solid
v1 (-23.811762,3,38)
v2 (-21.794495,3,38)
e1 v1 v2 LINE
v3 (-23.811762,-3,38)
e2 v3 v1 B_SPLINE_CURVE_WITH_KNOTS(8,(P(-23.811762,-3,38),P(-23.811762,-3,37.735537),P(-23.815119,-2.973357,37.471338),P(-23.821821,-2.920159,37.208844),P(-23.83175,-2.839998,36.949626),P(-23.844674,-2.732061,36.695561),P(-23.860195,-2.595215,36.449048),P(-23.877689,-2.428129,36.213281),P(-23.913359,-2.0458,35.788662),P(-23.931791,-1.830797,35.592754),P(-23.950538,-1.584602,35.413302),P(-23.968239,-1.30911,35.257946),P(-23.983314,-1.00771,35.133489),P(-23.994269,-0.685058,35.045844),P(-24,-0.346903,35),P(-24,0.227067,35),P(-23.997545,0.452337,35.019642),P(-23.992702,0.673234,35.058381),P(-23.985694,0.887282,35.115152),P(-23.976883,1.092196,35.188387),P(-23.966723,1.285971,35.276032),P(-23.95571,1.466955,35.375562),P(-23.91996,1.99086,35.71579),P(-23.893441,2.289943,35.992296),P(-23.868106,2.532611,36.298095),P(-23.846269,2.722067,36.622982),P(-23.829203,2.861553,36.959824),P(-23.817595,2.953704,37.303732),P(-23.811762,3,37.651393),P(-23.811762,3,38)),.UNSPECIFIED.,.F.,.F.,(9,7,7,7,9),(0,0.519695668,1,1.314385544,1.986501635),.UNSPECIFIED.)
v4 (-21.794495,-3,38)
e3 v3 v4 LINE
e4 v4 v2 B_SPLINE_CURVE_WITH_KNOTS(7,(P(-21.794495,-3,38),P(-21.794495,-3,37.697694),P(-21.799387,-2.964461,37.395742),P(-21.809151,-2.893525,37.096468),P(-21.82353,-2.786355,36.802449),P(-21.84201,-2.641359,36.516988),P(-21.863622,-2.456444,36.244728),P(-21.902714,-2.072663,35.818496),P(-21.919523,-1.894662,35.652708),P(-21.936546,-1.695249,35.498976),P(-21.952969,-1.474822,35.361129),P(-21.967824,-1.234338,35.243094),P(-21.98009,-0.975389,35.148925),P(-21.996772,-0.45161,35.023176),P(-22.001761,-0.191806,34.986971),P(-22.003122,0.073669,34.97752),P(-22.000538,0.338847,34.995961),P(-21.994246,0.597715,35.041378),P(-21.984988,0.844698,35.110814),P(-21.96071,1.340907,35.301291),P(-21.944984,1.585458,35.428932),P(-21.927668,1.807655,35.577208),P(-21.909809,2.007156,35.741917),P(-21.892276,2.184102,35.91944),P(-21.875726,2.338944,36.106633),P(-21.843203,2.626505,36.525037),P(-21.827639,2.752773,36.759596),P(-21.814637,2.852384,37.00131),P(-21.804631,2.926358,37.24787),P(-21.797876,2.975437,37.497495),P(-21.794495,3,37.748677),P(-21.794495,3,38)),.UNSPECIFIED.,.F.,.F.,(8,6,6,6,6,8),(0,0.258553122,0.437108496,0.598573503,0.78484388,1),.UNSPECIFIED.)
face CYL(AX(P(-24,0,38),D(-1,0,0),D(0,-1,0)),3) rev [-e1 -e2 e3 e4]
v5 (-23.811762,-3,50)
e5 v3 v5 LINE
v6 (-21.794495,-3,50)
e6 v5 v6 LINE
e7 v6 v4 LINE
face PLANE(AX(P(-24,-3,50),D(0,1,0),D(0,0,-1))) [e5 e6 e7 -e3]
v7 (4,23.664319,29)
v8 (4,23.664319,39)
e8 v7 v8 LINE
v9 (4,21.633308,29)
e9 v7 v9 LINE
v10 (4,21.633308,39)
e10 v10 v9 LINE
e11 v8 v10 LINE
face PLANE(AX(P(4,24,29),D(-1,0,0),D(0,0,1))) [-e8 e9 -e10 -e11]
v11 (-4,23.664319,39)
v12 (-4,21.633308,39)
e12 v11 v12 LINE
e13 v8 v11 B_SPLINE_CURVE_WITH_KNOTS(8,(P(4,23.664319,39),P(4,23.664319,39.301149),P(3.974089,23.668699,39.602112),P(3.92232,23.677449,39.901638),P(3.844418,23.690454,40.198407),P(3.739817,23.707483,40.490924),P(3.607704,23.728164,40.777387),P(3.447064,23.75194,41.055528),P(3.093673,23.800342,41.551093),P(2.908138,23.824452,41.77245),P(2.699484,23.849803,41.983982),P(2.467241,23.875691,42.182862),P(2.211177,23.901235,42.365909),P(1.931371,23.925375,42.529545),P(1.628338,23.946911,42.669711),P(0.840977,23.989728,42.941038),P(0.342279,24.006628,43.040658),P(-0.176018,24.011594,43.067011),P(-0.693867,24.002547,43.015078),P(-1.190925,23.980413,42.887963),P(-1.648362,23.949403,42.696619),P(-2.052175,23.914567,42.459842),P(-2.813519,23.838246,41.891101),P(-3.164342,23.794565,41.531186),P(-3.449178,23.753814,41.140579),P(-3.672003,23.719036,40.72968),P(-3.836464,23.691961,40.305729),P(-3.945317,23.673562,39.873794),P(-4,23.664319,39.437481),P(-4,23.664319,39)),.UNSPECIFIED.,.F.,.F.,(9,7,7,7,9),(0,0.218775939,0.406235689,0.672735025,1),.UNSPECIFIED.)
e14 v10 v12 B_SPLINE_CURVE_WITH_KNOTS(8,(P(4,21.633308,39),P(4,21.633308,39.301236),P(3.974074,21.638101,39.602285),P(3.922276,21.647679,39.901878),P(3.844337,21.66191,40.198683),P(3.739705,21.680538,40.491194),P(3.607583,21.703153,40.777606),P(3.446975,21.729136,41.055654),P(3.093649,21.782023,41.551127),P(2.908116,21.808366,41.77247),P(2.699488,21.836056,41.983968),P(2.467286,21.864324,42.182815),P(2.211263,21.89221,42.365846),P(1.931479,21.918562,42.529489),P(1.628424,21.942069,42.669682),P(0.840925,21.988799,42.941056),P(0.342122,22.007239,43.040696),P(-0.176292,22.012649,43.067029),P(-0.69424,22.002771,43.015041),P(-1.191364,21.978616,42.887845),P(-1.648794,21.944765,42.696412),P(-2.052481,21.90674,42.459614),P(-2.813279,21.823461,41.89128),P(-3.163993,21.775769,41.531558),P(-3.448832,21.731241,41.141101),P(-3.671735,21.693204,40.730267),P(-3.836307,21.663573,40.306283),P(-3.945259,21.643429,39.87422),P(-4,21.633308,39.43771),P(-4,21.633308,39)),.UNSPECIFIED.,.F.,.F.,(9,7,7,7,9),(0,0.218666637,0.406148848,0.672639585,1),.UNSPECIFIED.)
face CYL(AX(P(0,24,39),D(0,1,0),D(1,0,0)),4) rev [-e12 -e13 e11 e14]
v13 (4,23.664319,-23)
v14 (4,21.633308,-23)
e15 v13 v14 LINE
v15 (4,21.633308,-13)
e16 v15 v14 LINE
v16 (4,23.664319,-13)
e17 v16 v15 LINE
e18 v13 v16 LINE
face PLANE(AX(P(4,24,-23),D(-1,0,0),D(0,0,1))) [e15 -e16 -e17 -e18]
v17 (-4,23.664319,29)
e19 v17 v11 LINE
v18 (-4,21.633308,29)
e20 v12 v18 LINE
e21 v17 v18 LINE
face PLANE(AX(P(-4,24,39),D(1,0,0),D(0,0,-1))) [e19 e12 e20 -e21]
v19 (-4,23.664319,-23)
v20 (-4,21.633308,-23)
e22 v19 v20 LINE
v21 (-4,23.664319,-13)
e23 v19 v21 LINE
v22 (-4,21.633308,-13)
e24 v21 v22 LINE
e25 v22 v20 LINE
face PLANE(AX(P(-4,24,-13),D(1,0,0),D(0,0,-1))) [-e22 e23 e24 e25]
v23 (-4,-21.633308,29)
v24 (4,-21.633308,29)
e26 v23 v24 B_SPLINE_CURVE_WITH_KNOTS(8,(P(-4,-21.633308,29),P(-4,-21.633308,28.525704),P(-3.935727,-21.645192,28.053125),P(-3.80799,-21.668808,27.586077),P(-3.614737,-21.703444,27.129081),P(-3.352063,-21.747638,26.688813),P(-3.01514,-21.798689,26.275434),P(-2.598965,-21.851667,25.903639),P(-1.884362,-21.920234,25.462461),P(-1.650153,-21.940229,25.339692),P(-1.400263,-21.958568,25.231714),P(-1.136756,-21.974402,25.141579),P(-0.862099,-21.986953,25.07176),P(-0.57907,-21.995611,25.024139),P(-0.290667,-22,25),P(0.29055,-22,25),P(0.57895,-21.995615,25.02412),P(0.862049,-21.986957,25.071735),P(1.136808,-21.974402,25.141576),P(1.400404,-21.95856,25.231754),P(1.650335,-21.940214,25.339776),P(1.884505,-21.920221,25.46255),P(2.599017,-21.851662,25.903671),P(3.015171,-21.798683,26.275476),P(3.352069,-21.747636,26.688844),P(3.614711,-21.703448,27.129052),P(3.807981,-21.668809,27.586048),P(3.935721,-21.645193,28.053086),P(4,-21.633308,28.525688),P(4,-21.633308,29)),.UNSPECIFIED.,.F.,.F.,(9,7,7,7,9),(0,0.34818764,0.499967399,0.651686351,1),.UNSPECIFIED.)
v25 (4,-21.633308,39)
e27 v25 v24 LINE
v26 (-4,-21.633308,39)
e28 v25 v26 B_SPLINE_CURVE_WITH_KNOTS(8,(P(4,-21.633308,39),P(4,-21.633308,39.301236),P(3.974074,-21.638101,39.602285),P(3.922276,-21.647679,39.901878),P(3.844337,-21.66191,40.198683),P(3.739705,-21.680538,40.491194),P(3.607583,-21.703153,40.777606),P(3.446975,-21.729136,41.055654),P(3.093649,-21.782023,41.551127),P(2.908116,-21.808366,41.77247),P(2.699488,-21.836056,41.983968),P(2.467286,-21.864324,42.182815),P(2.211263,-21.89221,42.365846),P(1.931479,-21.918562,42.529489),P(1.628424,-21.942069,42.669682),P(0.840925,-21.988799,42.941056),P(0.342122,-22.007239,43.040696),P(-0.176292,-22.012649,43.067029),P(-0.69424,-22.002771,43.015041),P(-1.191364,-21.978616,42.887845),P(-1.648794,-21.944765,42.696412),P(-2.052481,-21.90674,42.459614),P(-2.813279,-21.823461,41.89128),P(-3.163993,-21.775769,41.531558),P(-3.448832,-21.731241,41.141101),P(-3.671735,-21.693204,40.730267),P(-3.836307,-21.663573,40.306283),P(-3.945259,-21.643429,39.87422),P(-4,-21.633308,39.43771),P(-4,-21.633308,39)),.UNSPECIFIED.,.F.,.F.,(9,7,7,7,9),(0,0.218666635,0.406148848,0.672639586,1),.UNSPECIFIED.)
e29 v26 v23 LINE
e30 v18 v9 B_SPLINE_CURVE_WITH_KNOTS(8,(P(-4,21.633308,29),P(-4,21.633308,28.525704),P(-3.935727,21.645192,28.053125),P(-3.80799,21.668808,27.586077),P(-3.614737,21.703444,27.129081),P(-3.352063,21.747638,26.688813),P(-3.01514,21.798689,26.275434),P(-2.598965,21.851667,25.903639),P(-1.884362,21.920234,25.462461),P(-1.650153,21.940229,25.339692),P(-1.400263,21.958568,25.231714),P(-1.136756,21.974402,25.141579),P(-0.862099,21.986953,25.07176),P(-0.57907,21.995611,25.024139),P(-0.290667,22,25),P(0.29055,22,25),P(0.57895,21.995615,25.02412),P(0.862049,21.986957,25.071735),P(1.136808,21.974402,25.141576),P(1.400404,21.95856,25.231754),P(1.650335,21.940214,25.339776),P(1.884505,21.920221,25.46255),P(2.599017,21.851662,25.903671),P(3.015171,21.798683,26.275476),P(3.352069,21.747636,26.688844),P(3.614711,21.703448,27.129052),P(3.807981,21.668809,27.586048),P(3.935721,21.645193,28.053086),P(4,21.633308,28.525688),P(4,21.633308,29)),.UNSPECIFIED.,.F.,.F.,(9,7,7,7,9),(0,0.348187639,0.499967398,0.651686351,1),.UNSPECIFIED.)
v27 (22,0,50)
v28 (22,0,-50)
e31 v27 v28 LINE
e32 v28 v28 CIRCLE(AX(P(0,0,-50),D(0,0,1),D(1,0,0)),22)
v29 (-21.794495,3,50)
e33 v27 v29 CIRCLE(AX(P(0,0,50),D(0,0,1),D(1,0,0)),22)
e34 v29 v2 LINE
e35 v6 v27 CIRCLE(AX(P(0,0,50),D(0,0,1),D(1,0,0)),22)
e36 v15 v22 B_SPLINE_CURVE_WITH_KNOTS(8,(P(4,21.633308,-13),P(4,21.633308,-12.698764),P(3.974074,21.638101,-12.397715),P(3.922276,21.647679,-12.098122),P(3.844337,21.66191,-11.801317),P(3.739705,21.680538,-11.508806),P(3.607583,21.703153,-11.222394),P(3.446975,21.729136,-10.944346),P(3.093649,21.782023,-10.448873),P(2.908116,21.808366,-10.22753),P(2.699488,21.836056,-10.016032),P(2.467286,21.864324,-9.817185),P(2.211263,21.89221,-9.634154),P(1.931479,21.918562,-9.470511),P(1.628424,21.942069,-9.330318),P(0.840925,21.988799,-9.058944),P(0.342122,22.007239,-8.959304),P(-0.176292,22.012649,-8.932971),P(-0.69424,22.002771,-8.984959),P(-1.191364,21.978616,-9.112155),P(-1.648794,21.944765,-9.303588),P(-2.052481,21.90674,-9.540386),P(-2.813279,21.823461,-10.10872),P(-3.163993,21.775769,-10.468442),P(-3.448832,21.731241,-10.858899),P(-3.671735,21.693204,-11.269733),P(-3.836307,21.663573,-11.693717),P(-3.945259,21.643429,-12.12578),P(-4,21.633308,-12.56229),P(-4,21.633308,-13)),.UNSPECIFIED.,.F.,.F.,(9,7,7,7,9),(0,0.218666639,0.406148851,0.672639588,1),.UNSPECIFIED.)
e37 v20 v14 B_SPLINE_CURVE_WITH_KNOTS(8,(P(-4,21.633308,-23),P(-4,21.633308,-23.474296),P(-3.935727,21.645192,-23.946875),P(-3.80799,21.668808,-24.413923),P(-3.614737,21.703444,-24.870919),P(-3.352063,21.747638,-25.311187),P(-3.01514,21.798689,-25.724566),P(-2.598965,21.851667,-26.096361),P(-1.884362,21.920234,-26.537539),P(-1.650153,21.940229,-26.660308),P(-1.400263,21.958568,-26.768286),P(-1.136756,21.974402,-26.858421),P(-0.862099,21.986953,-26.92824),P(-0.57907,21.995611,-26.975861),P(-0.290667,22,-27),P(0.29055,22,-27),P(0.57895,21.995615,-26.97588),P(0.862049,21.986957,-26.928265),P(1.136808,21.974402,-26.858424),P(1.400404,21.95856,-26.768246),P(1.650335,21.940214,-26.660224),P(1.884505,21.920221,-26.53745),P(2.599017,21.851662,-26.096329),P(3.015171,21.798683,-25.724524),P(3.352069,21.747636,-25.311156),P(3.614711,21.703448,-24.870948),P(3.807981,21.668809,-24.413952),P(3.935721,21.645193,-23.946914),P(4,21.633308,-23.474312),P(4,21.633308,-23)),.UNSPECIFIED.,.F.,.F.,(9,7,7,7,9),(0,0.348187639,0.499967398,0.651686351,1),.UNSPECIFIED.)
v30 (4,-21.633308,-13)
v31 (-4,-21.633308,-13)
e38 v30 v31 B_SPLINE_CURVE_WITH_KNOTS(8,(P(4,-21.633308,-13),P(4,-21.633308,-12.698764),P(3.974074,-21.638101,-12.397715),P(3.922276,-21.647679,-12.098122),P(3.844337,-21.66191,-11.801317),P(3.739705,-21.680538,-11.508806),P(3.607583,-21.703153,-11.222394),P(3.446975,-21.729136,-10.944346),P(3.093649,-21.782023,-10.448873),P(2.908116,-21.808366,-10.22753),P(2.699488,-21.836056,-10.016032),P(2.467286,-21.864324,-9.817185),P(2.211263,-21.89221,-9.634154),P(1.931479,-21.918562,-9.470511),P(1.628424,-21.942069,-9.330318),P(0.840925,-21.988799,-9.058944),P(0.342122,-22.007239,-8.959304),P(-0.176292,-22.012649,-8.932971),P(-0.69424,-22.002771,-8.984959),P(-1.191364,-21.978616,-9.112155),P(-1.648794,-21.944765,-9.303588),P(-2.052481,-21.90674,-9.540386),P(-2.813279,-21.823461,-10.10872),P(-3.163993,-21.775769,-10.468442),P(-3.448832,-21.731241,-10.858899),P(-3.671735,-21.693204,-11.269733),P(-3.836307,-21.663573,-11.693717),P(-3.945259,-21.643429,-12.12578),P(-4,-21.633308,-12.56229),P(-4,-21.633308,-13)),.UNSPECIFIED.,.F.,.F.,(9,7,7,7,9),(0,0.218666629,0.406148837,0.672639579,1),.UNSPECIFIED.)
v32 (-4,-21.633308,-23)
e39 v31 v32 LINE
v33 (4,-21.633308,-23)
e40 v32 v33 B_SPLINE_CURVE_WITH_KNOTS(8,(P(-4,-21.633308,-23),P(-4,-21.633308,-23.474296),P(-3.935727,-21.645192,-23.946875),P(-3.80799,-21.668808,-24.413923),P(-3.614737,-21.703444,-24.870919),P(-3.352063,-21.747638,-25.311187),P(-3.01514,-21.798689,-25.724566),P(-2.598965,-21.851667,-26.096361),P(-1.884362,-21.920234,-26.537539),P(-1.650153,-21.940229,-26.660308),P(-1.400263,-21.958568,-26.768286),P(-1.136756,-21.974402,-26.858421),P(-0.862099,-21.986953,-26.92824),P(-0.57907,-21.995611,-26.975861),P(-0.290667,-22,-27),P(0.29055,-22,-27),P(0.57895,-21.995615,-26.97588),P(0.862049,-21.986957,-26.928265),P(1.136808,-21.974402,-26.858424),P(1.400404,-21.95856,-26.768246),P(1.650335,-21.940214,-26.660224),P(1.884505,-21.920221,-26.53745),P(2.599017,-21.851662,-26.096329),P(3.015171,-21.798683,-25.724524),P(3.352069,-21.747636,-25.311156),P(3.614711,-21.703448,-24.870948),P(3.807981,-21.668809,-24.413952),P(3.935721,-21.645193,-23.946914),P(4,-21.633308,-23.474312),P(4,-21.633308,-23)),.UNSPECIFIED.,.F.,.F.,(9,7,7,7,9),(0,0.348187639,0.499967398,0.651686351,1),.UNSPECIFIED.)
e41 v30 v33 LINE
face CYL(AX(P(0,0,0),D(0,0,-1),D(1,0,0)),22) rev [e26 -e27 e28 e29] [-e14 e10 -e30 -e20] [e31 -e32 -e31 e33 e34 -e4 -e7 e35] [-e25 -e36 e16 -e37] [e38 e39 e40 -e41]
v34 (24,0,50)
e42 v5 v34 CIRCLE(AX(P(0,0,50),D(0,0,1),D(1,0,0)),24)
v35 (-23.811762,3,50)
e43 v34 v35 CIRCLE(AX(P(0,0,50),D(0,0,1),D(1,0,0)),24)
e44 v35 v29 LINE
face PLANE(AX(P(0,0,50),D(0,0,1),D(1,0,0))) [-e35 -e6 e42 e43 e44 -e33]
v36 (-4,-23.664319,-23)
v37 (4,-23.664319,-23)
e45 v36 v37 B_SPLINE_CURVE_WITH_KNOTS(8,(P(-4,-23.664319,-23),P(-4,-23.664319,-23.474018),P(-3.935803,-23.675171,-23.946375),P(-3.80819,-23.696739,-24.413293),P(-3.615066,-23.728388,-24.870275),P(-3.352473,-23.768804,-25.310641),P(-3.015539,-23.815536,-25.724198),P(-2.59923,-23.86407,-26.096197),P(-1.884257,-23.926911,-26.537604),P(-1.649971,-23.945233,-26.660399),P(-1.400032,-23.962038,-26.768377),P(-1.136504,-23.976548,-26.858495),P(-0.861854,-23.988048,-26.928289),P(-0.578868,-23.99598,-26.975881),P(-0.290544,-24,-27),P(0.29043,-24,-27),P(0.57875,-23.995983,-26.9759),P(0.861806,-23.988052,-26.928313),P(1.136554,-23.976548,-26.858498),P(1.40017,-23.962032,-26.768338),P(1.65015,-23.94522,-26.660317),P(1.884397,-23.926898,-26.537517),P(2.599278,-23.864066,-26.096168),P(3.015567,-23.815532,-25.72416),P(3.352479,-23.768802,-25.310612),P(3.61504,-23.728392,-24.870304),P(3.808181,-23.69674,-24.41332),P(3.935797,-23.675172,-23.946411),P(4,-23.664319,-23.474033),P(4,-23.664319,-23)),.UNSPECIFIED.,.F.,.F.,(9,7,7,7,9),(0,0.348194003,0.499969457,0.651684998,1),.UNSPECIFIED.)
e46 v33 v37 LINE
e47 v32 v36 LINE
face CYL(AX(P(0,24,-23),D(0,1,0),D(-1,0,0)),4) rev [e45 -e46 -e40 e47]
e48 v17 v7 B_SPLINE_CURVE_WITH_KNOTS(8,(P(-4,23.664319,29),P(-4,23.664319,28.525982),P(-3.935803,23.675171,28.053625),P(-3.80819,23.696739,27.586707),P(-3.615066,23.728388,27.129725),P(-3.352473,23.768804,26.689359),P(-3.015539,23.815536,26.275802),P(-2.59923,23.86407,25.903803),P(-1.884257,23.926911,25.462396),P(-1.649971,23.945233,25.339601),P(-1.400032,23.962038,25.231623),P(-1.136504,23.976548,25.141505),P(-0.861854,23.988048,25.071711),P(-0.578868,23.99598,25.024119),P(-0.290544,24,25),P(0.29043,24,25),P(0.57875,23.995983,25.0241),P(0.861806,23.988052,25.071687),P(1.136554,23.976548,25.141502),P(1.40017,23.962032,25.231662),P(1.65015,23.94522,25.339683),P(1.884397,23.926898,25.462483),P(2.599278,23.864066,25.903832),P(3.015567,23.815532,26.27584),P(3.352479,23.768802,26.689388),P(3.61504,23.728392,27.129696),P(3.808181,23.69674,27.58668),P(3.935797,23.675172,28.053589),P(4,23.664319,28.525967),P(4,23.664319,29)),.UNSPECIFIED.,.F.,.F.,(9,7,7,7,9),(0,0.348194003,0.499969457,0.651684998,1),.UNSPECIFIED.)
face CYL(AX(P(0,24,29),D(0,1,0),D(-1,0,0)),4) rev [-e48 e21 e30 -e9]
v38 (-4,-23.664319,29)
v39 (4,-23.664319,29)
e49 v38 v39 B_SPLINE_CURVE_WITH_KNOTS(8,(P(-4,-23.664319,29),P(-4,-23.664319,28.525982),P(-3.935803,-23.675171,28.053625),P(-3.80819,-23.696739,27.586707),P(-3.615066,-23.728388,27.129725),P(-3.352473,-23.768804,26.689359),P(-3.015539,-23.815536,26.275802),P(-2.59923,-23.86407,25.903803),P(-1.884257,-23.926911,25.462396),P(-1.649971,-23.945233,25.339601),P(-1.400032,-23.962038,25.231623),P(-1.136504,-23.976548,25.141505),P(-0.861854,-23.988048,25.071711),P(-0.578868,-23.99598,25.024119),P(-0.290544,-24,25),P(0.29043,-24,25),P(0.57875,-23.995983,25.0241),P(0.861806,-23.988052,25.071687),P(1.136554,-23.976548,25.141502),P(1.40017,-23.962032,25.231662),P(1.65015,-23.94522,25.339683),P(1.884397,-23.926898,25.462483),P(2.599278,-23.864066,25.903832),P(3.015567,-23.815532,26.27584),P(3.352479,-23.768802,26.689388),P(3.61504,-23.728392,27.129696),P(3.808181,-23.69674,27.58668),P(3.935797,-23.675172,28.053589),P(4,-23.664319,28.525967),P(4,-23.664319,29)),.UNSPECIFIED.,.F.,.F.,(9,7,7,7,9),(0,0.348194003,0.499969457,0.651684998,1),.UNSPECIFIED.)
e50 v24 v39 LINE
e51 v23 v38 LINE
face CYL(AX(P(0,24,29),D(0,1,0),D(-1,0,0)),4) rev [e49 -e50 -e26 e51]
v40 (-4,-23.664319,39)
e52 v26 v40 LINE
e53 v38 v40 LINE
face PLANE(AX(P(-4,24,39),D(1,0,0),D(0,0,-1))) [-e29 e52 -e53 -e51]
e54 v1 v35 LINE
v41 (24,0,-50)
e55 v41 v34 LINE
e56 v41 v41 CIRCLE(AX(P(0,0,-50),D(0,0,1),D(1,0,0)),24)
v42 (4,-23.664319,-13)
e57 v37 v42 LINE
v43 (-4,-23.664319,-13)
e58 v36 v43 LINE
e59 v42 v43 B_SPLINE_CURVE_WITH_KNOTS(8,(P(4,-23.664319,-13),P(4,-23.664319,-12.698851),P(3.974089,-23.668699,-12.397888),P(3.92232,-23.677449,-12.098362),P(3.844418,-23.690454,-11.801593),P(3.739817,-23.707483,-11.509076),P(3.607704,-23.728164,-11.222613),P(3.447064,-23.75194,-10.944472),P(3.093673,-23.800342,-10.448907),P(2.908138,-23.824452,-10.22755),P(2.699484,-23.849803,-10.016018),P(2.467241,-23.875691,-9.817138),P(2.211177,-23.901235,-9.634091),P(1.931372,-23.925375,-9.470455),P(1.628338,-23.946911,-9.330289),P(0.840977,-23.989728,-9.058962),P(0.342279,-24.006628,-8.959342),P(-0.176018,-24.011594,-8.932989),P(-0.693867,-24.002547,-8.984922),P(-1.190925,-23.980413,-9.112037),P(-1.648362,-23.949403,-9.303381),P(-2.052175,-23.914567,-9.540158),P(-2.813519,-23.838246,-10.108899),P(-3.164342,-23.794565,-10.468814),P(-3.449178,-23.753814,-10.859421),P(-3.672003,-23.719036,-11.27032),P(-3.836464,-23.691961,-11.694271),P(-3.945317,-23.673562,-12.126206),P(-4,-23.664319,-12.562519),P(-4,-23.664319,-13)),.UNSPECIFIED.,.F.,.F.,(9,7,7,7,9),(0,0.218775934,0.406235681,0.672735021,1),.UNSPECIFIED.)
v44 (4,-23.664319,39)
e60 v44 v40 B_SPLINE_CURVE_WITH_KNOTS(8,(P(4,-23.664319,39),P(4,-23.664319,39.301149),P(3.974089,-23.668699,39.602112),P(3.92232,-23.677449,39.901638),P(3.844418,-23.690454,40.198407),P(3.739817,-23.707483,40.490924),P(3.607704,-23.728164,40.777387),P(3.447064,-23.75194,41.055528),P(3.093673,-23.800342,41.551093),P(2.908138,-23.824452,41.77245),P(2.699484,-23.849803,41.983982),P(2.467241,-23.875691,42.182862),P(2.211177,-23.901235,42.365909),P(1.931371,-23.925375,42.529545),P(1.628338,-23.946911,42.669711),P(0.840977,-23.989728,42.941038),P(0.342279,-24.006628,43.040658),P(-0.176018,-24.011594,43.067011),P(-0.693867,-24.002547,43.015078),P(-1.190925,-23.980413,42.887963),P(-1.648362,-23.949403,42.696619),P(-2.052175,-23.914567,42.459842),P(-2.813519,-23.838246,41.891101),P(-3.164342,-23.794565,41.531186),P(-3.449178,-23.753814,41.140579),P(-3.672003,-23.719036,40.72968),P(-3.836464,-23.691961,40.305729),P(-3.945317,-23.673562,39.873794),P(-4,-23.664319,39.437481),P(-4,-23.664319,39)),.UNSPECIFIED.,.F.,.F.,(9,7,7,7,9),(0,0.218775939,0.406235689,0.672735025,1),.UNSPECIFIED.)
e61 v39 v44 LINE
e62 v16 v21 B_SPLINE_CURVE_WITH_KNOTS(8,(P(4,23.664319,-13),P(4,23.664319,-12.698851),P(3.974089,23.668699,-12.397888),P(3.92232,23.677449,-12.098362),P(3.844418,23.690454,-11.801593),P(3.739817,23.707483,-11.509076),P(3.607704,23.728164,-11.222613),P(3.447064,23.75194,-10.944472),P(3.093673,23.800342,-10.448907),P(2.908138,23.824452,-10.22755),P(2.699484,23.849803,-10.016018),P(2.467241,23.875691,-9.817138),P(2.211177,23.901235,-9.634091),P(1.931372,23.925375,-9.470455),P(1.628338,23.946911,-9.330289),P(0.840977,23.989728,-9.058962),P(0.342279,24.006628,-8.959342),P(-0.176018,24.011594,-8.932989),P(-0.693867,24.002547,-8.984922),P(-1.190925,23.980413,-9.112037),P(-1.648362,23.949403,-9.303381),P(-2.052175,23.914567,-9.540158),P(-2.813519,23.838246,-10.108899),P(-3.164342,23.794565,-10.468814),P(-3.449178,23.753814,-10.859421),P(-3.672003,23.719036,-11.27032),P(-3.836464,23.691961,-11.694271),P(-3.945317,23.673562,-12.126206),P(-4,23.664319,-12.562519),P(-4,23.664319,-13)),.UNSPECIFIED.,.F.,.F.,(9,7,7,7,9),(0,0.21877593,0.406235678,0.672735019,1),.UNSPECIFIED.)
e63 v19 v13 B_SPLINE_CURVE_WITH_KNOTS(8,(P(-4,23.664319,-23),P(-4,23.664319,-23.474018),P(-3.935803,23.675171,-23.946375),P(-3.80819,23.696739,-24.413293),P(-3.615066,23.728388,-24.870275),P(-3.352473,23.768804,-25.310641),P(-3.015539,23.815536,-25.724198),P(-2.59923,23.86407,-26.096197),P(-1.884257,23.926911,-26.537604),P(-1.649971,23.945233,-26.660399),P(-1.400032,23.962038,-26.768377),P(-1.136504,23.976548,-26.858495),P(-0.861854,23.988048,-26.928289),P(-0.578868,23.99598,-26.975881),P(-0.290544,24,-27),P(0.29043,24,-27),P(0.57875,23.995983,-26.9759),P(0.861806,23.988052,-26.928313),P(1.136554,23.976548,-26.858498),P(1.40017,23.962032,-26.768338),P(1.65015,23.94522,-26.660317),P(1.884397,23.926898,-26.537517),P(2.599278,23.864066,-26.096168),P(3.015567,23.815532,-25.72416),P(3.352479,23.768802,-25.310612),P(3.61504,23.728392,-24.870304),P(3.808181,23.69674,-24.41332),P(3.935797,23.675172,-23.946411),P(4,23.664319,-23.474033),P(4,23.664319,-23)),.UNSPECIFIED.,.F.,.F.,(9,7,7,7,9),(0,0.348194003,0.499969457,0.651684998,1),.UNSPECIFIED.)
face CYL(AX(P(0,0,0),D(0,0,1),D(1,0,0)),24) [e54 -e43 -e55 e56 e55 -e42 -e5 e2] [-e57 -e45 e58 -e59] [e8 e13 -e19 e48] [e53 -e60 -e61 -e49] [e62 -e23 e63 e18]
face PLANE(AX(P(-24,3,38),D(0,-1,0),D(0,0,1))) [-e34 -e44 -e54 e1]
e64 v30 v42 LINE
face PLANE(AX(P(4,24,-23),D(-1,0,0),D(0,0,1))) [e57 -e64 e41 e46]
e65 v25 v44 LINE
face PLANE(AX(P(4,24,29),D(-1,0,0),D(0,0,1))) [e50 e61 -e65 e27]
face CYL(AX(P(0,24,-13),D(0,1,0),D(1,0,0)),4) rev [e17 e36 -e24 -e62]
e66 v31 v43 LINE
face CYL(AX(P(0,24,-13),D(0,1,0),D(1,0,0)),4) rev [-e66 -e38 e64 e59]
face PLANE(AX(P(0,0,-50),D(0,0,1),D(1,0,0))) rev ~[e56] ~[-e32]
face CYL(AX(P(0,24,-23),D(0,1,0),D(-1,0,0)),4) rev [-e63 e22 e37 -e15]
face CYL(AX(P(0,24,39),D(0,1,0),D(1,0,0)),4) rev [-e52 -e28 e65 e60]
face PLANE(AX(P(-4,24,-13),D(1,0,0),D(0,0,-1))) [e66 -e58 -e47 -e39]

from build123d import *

# Parameters (mm, degrees)
SKETCH_1_R          = 24
SKETCH_1_R_2        = 22
EXTRUDE_1_DEPTH     = 50
CUT_EXTRUDE_1_DEPTH = 20
CUT_EXTRUDE_2_DEPTH = 74.34848345


with BuildPart() as part:
    # 草图1 → 凸台-拉伸1 (new, symmetric)
    with BuildSketch(Plane.XY):
        Circle(SKETCH_1_R)
        Circle(SKETCH_1_R_2, mode=Mode.SUBTRACT)
    extrude(amount=EXTRUDE_1_DEPTH, both=True)

    # 草图2 → 切除-拉伸1 (cut)
    with BuildSketch(Plane.ZY.offset(24)):
        with BuildLine():
            Line((38, 3), (50, 3))
            Line((50, 3), (50, -3))
            Line((50, -3), (38, -3))
            ThreePointArc((38, -3), (35, 0), (38, 3))
        make_face()
    extrude(amount=-CUT_EXTRUDE_1_DEPTH, mode=Mode.SUBTRACT)

    # 草图3 → 切除-拉伸2 (cut, through all)
    with BuildSketch(Plane(origin=(0, 24, 0), x_dir=(1, 0, 0), z_dir=(0, 1, 0))):
        with BuildLine():
            Line((-4, 13), (-4, 23))
            ThreePointArc((-4, 23), (0, 27), (4, 23))
            Line((4, 23), (4, 13))
            ThreePointArc((4, 13), (0, 9), (-4, 13))
        make_face()
        with BuildLine():
            Line((-4, -39), (-4, -29))
            ThreePointArc((-4, -29), (0, -25), (4, -29))
            Line((4, -29), (4, -39))
            ThreePointArc((4, -39), (0, -43), (-4, -39))
        make_face()
    extrude(amount=-CUT_EXTRUDE_2_DEPTH, mode=Mode.SUBTRACT)


solid = part.part
